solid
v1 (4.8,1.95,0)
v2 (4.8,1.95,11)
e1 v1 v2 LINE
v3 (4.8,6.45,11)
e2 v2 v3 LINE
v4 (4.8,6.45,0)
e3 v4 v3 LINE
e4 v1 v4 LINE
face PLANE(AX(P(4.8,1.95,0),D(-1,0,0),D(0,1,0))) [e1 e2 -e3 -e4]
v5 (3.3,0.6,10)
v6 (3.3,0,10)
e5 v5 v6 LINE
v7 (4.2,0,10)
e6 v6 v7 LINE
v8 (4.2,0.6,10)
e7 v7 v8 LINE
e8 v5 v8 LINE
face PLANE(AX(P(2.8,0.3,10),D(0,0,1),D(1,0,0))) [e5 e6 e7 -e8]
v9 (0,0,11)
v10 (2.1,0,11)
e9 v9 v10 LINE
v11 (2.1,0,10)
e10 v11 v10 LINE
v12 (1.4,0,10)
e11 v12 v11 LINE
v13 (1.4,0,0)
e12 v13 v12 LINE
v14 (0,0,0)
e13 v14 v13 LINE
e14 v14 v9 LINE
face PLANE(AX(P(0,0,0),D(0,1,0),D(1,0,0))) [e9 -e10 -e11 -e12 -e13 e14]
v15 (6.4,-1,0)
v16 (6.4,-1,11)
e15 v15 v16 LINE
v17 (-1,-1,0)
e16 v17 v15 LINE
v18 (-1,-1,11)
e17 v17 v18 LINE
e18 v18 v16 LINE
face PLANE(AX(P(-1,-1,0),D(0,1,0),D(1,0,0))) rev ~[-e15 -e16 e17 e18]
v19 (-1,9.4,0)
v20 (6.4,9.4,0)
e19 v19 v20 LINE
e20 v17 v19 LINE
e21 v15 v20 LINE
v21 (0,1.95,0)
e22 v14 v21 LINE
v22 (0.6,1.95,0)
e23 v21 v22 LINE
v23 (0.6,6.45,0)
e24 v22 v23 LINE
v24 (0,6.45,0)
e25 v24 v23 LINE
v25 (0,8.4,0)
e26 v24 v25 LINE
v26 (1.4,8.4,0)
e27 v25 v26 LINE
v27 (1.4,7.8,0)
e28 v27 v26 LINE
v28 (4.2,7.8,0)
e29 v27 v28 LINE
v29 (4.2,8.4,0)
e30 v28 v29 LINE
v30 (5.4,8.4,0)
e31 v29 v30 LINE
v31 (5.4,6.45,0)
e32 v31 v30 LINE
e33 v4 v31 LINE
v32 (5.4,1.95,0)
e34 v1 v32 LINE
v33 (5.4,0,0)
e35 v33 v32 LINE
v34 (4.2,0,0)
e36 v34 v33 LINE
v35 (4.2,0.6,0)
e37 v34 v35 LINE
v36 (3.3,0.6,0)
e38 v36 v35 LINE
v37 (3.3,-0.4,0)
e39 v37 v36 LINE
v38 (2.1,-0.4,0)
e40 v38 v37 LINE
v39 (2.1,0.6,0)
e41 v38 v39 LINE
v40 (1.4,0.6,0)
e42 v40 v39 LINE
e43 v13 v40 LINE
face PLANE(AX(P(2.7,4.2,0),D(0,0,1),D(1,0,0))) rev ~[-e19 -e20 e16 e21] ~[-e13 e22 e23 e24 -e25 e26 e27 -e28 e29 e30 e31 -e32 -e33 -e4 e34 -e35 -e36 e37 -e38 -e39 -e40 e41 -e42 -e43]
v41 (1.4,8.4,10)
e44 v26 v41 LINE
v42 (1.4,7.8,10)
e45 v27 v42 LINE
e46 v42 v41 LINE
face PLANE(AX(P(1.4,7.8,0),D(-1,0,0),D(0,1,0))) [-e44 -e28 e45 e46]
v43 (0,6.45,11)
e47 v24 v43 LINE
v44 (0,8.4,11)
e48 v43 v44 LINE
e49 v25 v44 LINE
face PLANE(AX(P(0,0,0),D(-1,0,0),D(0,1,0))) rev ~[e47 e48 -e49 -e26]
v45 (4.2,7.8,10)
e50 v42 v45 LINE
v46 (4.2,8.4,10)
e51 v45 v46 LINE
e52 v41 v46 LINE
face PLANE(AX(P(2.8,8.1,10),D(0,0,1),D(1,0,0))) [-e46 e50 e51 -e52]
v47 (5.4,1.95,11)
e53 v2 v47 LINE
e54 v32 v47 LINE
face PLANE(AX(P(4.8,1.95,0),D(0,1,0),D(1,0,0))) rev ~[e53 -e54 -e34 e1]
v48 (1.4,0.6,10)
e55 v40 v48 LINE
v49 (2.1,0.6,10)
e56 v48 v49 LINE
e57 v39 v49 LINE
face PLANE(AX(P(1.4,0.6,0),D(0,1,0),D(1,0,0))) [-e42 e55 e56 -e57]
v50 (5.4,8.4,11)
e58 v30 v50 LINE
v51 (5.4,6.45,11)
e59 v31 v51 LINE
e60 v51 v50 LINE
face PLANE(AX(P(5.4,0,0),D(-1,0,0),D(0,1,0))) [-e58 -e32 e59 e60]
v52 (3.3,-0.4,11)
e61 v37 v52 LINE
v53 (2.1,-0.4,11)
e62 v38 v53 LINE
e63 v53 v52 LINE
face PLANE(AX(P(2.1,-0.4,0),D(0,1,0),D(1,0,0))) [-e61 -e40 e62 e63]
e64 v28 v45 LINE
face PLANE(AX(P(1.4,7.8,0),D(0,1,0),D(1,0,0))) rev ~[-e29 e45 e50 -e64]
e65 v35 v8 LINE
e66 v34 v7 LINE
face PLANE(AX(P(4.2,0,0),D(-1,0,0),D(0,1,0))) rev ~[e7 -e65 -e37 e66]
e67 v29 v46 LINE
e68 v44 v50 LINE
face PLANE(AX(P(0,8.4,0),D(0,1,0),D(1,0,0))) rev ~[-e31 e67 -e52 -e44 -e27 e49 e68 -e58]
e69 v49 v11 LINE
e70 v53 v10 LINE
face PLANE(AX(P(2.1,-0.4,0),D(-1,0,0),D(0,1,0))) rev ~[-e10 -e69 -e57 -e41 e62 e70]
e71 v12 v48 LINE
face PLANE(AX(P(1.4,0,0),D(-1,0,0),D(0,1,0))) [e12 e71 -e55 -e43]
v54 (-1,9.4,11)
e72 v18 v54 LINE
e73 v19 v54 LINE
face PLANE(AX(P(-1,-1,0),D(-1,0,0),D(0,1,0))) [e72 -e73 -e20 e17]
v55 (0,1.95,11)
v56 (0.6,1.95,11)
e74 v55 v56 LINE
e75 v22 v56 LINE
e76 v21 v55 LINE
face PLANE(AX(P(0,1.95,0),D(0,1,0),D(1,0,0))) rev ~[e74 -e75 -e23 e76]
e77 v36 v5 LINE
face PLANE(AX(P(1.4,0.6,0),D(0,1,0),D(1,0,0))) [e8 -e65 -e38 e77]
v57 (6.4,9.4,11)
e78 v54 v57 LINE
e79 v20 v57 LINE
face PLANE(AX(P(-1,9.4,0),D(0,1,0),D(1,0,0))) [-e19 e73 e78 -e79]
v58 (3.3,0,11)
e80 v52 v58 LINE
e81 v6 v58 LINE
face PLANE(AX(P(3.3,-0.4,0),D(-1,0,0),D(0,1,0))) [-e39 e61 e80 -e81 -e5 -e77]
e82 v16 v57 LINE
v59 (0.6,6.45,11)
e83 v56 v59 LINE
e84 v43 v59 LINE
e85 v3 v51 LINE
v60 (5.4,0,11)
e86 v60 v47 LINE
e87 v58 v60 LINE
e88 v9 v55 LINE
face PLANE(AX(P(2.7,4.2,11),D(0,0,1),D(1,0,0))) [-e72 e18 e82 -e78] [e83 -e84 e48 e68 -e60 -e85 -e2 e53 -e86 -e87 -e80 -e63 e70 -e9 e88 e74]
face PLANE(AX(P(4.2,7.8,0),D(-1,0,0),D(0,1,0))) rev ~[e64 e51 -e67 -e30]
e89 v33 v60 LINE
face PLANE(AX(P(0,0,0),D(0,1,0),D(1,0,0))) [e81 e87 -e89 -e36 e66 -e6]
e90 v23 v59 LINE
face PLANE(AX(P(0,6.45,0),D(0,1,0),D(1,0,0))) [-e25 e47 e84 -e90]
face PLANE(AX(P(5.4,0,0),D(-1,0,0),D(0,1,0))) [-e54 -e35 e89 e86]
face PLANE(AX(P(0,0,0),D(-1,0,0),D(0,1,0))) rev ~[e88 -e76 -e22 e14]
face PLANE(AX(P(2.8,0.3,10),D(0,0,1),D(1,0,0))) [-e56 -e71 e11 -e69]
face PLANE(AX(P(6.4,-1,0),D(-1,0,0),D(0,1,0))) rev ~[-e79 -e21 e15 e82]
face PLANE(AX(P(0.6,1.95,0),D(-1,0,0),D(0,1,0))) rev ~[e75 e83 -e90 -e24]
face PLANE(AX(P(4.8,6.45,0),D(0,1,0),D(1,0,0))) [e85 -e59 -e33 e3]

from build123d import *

# Parameters (mm, degrees)
BOX006_W     = 1.2
BOX006_H     = 1
BOX006_DEPTH = 11
BOX002_W     = 5.4
BOX002_H     = 8.4
BOX002_DEPTH = 11
BOX001_W     = 7.4
BOX001_H     = 10.4
BOX001_DEPTH = 11
BOX003_W     = 0.6
BOX003_H     = 4.5
BOX003_DEPTH = 11
BOX004_W     = 2.8
BOX004_H     = 0.6
BOX004_DEPTH = 10
BOX005_W     = 2.8
BOX005_H     = 0.6
BOX005_DEPTH = 10
BOX_W        = 0.6
BOX_H        = 4.5
BOX_DEPTH    = 11


with BuildPart() as cube006:
    # Box006 → Box006 (new body)
    with BuildSketch(Plane(origin=(2.1, -0.4, 0), x_dir=(1, 0, 0), z_dir=(0, 0, 1))):
        with Locations((0.6, 0.5)):
            Rectangle(BOX006_W, BOX006_H)
    extrude(amount=BOX006_DEPTH)


with BuildPart() as cube002:
    # Box002 → Box002 (new body)
    with BuildSketch(Plane.XY):
        with Locations((2.7, 4.2)):
            Rectangle(BOX002_W, BOX002_H)
    extrude(amount=BOX002_DEPTH)


with BuildPart() as cut:
    # Box001 → Box001 (new body)
    with BuildSketch(Plane(origin=(-1, -1, 0), x_dir=(1, 0, 0), z_dir=(0, 0, 1))):
        with Locations((3.7, 5.2)):
            Rectangle(BOX001_W, BOX001_H)
    extrude(amount=BOX001_DEPTH)

    # Cut: cut Cube002
    add(cube002.part, mode=Mode.SUBTRACT)


with BuildPart() as cube003:
    # Box003 → Box003 (new body)
    with BuildSketch(Plane(origin=(4.8, 1.95, 0), x_dir=(1, 0, 0), z_dir=(0, 0, 1))):
        with Locations((0.3, 2.25)):
            Rectangle(BOX003_W, BOX003_H)
    extrude(amount=BOX003_DEPTH)


with BuildPart() as cube004:
    # Box004 → Box004 (new body)
    with BuildSketch(Plane(origin=(1.4, 0, 0), x_dir=(1, 0, 0), z_dir=(0, 0, 1))):
        with Locations((1.4, 0.3)):
            Rectangle(BOX004_W, BOX004_H)
    extrude(amount=BOX004_DEPTH)


with BuildPart() as cube005:
    # Box005 → Box005 (new body)
    with BuildSketch(Plane(origin=(1.4, 7.8, 0), x_dir=(1, 0, 0), z_dir=(0, 0, 1))):
        with Locations((1.4, 0.3)):
            Rectangle(BOX005_W, BOX005_H)
    extrude(amount=BOX005_DEPTH)


with BuildPart() as cut001:
    # Box → Box (new body)
    with BuildSketch(Plane(origin=(0, 1.95, 0), x_dir=(1, 0, 0), z_dir=(0, 0, 1))):
        with Locations((0.3, 2.25)):
            Rectangle(BOX_W, BOX_H)
    extrude(amount=BOX_DEPTH)

    # Fusion: union Cut, Cube003, Cube004, Cube005
    add(cut.part)
    add(cube003.part)
    add(cube004.part)
    add(cube005.part)

    # Cut001: cut Cube006
    add(cube006.part, mode=Mode.SUBTRACT)


solid = cut001.part
